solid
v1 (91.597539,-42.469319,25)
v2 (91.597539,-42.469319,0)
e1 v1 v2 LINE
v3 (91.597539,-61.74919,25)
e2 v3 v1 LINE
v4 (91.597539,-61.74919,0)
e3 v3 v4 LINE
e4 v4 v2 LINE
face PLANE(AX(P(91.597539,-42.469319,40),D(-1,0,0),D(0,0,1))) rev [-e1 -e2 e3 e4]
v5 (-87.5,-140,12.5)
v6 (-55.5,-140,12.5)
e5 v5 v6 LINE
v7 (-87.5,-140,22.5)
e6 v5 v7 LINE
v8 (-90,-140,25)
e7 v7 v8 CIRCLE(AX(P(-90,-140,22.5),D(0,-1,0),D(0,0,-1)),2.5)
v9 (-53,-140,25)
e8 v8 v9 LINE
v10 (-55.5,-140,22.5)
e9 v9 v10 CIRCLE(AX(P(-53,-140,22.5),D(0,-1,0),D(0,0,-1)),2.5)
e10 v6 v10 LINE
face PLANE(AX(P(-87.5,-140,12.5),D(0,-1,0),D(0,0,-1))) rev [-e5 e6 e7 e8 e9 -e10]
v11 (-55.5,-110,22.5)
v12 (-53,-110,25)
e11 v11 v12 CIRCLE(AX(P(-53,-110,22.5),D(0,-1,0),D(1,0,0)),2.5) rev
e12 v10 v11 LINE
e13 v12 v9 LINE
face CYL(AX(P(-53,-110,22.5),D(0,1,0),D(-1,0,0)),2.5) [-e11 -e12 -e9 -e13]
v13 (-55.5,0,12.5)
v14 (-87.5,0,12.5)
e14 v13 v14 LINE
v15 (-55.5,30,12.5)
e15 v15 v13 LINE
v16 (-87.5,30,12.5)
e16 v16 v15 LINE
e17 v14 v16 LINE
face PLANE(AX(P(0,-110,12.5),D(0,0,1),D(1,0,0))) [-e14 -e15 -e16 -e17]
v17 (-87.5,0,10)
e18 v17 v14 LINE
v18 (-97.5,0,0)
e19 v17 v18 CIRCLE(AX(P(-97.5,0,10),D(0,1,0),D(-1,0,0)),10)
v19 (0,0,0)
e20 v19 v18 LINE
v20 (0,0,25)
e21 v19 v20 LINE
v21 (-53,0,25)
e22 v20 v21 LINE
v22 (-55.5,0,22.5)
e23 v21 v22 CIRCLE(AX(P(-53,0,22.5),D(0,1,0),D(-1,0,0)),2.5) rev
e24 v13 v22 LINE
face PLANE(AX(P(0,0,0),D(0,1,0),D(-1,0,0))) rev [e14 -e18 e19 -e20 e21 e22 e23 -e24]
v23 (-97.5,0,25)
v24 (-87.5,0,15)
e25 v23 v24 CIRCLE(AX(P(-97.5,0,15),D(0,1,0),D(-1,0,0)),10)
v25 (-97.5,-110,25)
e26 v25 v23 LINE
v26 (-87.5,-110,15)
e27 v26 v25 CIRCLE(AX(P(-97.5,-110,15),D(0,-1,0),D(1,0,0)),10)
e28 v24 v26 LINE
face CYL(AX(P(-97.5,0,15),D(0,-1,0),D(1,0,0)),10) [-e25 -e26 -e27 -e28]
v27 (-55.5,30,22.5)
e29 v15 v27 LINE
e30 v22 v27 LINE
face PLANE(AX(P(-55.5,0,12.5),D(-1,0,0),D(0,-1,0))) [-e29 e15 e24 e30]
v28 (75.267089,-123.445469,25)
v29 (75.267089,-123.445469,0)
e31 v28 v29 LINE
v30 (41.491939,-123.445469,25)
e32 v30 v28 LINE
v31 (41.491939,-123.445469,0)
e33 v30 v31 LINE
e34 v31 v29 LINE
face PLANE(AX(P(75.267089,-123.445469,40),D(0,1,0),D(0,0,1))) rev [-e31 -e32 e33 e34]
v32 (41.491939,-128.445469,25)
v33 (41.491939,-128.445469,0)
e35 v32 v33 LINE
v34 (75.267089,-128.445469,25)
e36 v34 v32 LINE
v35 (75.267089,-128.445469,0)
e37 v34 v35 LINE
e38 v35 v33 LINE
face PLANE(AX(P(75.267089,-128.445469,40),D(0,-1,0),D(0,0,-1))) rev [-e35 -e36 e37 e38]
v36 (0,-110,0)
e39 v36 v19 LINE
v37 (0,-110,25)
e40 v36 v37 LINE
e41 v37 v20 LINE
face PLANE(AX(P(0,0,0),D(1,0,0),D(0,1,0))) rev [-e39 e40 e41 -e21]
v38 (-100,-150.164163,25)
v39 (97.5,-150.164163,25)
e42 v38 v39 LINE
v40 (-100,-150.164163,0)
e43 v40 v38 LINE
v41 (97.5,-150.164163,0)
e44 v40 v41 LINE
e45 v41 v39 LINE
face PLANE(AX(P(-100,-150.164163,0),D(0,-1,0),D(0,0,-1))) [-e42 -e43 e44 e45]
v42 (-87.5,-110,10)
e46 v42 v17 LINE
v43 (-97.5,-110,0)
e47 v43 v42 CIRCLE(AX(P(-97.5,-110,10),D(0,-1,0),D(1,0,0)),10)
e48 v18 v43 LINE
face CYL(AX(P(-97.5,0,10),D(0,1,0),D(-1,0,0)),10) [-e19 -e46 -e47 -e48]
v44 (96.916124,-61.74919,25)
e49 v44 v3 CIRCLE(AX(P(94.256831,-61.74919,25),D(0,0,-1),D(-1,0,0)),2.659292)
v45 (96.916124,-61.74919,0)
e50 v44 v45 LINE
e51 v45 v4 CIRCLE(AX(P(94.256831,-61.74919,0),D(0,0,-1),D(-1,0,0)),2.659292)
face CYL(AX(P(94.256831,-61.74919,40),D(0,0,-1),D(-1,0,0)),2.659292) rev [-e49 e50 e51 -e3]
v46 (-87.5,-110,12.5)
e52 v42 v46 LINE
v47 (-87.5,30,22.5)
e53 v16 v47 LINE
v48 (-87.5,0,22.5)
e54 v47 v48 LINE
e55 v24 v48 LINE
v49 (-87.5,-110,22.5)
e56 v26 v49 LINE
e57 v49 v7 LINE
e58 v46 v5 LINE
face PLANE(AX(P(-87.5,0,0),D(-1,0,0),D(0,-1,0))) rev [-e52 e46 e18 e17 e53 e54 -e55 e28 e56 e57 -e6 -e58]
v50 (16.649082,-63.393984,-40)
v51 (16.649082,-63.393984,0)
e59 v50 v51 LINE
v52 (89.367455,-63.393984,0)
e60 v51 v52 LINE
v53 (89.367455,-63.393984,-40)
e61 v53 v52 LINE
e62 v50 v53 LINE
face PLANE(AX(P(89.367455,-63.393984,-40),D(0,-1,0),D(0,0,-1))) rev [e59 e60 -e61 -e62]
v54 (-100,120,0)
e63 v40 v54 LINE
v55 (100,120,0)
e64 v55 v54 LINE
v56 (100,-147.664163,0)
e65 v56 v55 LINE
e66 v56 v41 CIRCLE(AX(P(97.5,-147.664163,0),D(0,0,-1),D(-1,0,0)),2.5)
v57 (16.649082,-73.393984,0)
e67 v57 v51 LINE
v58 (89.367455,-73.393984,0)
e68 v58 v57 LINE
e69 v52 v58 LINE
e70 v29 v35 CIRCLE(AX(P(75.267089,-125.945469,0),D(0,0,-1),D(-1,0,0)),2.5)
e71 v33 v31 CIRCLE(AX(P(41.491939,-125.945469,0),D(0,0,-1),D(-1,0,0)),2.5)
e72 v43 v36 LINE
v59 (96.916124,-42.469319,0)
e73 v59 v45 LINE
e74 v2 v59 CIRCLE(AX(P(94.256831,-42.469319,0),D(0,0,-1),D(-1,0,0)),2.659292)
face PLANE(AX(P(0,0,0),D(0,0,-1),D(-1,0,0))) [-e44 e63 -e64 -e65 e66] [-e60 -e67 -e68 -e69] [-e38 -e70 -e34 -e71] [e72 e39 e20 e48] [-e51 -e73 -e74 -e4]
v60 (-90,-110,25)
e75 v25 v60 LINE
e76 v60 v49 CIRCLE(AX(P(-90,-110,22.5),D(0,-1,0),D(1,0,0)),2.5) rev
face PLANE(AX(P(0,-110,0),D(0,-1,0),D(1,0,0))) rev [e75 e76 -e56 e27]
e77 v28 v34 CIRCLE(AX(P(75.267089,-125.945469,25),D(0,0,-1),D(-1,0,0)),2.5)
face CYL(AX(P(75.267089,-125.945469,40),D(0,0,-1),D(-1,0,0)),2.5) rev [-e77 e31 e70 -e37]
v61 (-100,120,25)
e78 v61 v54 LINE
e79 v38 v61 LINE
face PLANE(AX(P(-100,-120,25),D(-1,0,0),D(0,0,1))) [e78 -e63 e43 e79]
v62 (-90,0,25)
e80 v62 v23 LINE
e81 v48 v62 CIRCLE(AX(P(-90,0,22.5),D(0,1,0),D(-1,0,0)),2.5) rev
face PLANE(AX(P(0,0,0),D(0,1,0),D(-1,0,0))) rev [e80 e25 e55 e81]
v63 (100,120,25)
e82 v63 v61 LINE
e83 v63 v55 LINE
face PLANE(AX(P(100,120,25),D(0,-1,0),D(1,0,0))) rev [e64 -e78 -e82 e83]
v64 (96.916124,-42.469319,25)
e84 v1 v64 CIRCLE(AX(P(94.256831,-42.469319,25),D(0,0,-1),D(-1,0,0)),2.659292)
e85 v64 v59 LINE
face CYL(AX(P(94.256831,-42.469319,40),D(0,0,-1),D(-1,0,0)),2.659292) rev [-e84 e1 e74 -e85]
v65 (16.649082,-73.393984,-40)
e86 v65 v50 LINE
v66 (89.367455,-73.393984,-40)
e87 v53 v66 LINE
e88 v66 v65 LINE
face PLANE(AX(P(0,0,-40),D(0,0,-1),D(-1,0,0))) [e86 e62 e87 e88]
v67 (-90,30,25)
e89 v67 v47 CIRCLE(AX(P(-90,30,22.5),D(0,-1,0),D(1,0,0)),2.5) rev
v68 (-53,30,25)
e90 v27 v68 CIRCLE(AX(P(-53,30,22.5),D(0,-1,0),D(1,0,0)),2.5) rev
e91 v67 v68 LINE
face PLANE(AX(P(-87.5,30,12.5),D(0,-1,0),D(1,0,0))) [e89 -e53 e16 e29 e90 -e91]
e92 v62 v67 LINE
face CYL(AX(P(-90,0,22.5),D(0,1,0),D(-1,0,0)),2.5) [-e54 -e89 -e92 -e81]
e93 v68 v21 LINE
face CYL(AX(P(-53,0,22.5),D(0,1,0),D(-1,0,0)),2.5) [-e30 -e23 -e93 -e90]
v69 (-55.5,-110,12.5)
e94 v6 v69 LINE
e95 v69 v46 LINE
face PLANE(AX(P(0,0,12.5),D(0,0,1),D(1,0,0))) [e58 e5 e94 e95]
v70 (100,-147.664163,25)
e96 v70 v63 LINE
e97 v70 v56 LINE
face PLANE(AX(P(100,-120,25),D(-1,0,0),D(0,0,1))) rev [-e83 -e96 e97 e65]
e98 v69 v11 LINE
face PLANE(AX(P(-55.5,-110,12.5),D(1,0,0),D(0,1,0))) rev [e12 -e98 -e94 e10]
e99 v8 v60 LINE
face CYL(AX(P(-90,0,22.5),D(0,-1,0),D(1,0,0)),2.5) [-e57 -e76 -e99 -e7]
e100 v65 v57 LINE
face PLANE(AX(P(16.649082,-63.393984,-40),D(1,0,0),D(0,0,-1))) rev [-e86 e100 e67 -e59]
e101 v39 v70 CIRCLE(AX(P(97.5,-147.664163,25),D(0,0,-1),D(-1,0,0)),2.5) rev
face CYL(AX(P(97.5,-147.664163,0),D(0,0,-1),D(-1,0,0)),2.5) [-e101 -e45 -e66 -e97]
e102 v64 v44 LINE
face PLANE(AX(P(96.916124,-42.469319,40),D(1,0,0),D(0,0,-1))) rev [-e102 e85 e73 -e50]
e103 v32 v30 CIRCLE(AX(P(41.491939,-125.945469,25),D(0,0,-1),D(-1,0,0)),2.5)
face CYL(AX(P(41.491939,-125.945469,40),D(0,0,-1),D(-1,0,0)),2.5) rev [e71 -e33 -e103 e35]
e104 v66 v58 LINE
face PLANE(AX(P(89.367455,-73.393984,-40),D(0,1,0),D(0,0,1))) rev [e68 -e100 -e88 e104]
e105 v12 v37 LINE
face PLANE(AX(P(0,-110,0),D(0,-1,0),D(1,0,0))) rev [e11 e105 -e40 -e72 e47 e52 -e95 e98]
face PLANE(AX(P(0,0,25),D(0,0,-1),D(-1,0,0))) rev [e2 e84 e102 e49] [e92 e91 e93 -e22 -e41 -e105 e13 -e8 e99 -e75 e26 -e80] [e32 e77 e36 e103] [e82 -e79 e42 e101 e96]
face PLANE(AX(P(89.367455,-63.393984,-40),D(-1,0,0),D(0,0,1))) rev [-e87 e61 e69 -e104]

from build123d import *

# Parameters (mm, degrees)
SKETCH1_W           = 200
SKETCH1_H           = 240
BOSS_EXTRUDE3_DEPTH = 25
SKETCH3_W           = 87.5
SKETCH3_H           = 110
CUT_EXTRUDE1_DEPTH  = 25
SKETCH4_W           = 200
SKETCH4_H           = 30.164162566
BOSS_EXTRUDE4_DEPTH = 25
FILLET4_R           = 10
FILLET5_R           = 10
SKETCH6_W           = 32
SKETCH6_H           = 30
CUT_EXTRUDE2_DEPTH  = 12.5
FILLET6_R           = 2.5
FILLET7_R           = 2.5
FILLET8_R           = 2.5
SKETCH8_W           = 72.718372575
SKETCH8_H           = 10
BOSS_EXTRUDE5_DEPTH = 40
FILLET9_R           = 2.5
CUT_EXTRUDE3_DEPTH  = 40
CUT_EXTRUDE4_DEPTH  = 40


with BuildPart() as part:
    # Sketch1 → Boss-Extrude3 (new body)
    with BuildSketch(Plane.XY):
        Rectangle(SKETCH1_W, SKETCH1_H)
    extrude(amount=BOSS_EXTRUDE3_DEPTH)

    # Sketch3 → Cut-Extrude1 (cut)
    with BuildSketch(Plane.XY.offset(25)):
        with Locations((-43.75, -55)):
            Rectangle(SKETCH3_W, SKETCH3_H)
    extrude(amount=-CUT_EXTRUDE1_DEPTH, mode=Mode.SUBTRACT)

    # Sketch4 → Boss-Extrude4 (add)
    with BuildSketch(Plane.XY.offset(25)):
        with Locations((0, -135.082081283)):
            Rectangle(SKETCH4_W, SKETCH4_H)
    extrude(amount=-BOSS_EXTRUDE4_DEPTH)

    # Fillet4
    fillet4_edges = [part.edges().sort_by_distance(p)[0] for p in [
        (-87.5, -55, 25),
    ]]
    fillet(fillet4_edges, radius=FILLET4_R)

    # Fillet5
    fillet5_edges = [part.edges().sort_by_distance(p)[0] for p in [
        (-87.5, -55, 0),
    ]]
    fillet(fillet5_edges, radius=FILLET5_R)

    # Sketch6 → Cut-Extrude2 (cut)
    with BuildSketch(Plane.XY.offset(25)):
        with Locations((-71.5, -125)):
            Rectangle(SKETCH6_W, SKETCH6_H)
    cut_extrude2 = extrude(amount=-CUT_EXTRUDE2_DEPTH, mode=Mode.SUBTRACT)

    # Fillet6
    fillet6_edges = [part.edges().sort_by_distance(p)[0] for p in [
        (-87.5, -125, 25),
    ]]
    fillet(fillet6_edges, radius=FILLET6_R)

    # Fillet7
    fillet7_edges = [part.edges().sort_by_distance(p)[0] for p in [
        (-55.5, -125, 25),
    ]]
    fillet(fillet7_edges, radius=FILLET7_R)

    # Fillet8
    fillet8_edges = [part.edges().sort_by_distance(p)[0] for p in [
        (100, -150.164162566, 12.5),
    ]]
    fillet(fillet8_edges, radius=FILLET8_R)

    # Mirror1: Cut-Extrude2 across plane
    add(cut_extrude2.mirror(Plane.ZX.offset(-55)), mode=Mode.SUBTRACT)

    # Sketch8 → Boss-Extrude5 (add)
    with BuildSketch(Plane(origin=(0, 0, 0), x_dir=(-1, 0, 0), z_dir=(0, 0, -1))):
        with Locations((-53.00826824, -68.393983819)):
            Rectangle(SKETCH8_W, SKETCH8_H)
    extrude(amount=BOSS_EXTRUDE5_DEPTH)

    # Fillet9
    fillet9_edges = [part.edges().sort_by_distance(p)[0] for p in [
        (-87.5, 15, 25),
        (-55.5, 15, 25),
    ]]
    fillet(fillet9_edges, radius=FILLET9_R)

    # Sketch9 → Cut-Extrude3 (cut)
    with BuildSketch(Plane(origin=(0, 0, 0), x_dir=(-1, 0, 0), z_dir=(0, 0, -1))):
        with BuildLine():
            Line((-91.597538887, -42.469319431), (-91.597538887, -61.749189722))
            ThreePointArc((-91.597538887, -61.749189722), (-94.256831341, -64.408482175), (-96.916123795, -61.749189722))
            Line((-96.916123795, -61.749189722), (-96.916123795, -42.469319431))
            ThreePointArc((-96.916123795, -42.469319431), (-94.256831341, -39.810026977), (-91.597538887, -42.469319431))
        make_face()
    extrude(amount=-CUT_EXTRUDE3_DEPTH, mode=Mode.SUBTRACT)

    # Sketch10 → Cut-Extrude4 (cut)
    with BuildSketch(Plane(origin=(0, 0, 0), x_dir=(-1, 0, 0), z_dir=(0, 0, -1))):
        with BuildLine():
            Line((-75.267088852, -123.445469049), (-41.491938711, -123.445469049))
            ThreePointArc((-41.491938711, -123.445469049), (-38.991938711, -125.945469049), (-41.491938711, -128.445469049))
            Line((-41.491938711, -128.445469049), (-75.267088852, -128.445469049))
            ThreePointArc((-75.267088852, -128.445469049), (-77.767088852, -125.945469049), (-75.267088852, -123.445469049))
        make_face()
    extrude(amount=-CUT_EXTRUDE4_DEPTH, mode=Mode.SUBTRACT)


solid = part.part
